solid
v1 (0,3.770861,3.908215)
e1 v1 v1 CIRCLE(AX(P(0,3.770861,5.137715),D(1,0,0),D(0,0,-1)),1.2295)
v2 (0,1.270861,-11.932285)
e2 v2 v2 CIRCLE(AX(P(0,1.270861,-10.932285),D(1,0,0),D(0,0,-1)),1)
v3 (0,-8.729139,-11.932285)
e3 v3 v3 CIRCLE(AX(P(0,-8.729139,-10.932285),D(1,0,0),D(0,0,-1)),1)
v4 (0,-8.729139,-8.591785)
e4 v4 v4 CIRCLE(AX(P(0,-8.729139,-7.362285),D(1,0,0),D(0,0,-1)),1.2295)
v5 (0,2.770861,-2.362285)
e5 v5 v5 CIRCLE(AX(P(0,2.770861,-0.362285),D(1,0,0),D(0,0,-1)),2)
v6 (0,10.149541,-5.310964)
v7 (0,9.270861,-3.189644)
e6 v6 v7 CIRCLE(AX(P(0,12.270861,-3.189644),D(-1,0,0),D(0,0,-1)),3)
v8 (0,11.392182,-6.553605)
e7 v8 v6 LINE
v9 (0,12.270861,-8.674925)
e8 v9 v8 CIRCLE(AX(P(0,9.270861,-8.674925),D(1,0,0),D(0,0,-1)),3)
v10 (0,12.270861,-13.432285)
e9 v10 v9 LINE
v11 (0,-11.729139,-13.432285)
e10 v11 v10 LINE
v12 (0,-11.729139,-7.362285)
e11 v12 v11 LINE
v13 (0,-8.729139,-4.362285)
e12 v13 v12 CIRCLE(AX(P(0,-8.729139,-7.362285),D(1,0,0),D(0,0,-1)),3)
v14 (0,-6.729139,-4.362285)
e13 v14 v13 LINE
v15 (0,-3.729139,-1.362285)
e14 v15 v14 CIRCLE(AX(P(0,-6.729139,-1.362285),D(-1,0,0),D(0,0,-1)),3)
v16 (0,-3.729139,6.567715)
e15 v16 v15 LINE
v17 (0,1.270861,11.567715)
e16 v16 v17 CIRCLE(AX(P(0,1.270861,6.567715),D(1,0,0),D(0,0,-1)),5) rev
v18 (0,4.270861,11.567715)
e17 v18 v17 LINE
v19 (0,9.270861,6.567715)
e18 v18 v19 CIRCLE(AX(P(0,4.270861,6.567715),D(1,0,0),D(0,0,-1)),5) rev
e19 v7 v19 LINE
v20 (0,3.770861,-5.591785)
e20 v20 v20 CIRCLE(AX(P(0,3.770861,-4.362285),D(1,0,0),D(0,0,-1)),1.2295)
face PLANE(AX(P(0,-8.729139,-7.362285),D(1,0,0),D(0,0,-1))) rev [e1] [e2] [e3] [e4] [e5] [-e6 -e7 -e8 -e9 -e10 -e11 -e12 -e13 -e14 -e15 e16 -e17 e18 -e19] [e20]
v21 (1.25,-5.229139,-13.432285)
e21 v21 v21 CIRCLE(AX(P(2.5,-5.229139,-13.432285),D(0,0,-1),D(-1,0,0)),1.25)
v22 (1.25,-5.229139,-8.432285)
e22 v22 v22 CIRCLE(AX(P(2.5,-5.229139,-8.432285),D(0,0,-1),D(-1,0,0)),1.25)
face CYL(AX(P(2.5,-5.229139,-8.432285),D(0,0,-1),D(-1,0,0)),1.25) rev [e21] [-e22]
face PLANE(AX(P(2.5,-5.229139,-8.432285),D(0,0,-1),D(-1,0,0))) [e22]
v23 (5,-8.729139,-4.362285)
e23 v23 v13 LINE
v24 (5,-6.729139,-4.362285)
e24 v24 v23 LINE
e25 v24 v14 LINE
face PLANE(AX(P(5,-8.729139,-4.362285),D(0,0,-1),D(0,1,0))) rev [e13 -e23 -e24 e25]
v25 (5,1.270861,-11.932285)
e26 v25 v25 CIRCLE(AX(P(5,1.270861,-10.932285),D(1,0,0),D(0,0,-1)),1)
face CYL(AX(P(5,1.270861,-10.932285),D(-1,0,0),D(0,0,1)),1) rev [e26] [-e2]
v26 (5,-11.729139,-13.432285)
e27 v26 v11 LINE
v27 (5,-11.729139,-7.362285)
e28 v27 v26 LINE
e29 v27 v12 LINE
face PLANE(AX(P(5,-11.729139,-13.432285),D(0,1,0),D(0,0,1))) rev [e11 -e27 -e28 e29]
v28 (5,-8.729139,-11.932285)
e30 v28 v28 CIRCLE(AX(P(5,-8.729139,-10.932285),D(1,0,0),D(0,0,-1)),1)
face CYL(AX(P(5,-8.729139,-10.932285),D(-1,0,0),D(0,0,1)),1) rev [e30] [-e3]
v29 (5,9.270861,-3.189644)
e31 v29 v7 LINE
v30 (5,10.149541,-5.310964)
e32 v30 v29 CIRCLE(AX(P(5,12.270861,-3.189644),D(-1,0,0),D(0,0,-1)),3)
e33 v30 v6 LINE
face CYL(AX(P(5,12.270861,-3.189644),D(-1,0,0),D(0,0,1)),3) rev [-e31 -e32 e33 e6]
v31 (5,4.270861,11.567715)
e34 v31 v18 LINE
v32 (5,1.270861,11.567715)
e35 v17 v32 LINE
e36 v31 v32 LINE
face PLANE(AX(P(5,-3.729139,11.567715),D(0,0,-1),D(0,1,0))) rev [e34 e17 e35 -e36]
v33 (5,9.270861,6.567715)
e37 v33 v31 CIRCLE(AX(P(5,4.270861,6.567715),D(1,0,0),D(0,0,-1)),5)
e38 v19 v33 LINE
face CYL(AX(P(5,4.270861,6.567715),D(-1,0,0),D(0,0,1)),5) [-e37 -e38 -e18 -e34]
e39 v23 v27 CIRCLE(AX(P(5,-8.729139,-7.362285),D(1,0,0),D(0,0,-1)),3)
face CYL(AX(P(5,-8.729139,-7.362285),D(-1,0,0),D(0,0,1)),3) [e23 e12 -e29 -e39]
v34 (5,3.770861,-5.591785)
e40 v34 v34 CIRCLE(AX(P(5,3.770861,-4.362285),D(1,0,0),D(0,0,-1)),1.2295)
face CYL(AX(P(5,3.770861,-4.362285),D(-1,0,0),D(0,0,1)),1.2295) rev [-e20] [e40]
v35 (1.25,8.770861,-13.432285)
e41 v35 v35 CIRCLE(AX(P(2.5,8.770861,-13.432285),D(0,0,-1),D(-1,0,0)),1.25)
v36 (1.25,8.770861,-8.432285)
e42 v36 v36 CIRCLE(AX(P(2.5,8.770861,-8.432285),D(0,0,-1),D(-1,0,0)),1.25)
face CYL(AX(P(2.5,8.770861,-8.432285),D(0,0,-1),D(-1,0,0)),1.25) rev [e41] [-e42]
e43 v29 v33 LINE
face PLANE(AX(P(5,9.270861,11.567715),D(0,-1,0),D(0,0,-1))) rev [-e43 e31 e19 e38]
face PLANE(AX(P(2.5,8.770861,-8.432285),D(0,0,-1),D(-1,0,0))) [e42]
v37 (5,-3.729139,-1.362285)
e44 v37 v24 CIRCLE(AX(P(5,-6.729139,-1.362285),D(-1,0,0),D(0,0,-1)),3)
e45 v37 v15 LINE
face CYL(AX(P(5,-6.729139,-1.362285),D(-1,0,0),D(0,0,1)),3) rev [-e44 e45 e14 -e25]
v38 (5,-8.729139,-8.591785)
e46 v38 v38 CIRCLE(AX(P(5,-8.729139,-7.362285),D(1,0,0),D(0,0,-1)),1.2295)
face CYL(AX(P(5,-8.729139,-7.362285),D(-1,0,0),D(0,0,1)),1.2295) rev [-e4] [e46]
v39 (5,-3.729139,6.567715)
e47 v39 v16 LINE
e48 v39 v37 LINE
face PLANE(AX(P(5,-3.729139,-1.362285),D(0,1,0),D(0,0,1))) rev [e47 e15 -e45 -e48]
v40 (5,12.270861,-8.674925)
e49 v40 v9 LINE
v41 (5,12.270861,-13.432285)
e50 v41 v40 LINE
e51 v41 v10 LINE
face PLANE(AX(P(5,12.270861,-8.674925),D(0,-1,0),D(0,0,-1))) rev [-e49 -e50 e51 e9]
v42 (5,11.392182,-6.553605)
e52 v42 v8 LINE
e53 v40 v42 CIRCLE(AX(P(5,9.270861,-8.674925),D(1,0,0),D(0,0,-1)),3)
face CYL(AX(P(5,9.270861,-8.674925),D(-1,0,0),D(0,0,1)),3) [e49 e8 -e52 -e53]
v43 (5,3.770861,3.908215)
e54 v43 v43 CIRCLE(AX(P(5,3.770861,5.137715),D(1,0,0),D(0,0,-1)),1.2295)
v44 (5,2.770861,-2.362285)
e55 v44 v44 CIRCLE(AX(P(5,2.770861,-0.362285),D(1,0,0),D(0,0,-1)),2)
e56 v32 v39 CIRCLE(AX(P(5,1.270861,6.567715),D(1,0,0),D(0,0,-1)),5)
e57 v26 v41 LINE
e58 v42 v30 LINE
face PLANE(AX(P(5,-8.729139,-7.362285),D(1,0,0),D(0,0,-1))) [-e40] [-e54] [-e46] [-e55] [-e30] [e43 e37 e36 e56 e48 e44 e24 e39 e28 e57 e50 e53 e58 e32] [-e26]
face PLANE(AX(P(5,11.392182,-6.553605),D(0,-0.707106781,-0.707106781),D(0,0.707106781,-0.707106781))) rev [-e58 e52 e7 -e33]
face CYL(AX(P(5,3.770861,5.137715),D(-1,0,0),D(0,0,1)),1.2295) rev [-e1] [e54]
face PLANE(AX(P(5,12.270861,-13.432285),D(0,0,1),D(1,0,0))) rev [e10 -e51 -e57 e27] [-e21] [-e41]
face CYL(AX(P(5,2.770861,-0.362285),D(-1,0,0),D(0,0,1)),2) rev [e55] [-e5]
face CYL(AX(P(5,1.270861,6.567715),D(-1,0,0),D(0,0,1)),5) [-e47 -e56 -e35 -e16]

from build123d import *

# Parameters (mm, degrees)
SKETCH1_R           = 1.2295
SKETCH1_R_2         = 2
SKETCH1_R_3         = 1
BOSS_EXTRUDE1_DEPTH = 5
SKETCH2_R           = 1.25
CUT_EXTRUDE1_DEPTH  = 5
FILLET1_R           = 5


with BuildPart() as part:
    # Sketch1 → Boss-Extrude1 (new body)
    with BuildSketch(Plane.YZ):
        with BuildLine():
            Line((-11.729138766, -13.432284692), (-11.729138766, -7.362284692))
            ThreePointArc((-11.729138766, -7.362284692), (-10.85045911, -5.240964348), (-8.729138766, -4.362284692))
            Line((-8.729138766, -4.362284692), (-6.729138766, -4.362284692))
            ThreePointArc((-6.729138766, -4.362284692), (-4.607818422, -3.483605035), (-3.729138766, -1.362284692))
            Line((-3.729138766, -1.362284692), (-3.729138766, 11.567715308))
            Line((-3.729138766, 11.567715308), (9.270861234, 11.567715308))
            Line((9.270861234, 11.567715308), (9.270861234, 8.567715308))
            Line((9.270861234, 8.567715308), (9.270861234, -3.189644004))
            ThreePointArc((9.270861234, -3.189644004), (9.499222636, -4.337694301), (10.14954089, -5.310964348))
            Line((10.14954089, -5.310964348), (11.392181578, -6.553605035))
            ThreePointArc((11.392181578, -6.553605035), (12.042499832, -7.526875082), (12.270861234, -8.674925379))
            Line((12.270861234, -8.674925379), (12.270861234, -13.432284692))
            Line((12.270861234, -13.432284692), (-11.729138766, -13.432284692))
        make_face()
        with Locations(Location((3.770861234, 5.137715308, 0), (0, 0, 270))):
            Circle(SKETCH1_R, mode=Mode.SUBTRACT)
        with Locations(Location((2.770861234, -0.362284692, 0), (0, 0, 270))):
            Circle(SKETCH1_R_2, mode=Mode.SUBTRACT)
        with Locations(Location((3.770861234, -4.362284692, 0), (0, 0, 270))):
            Circle(SKETCH1_R, mode=Mode.SUBTRACT)
        with Locations(Location((-8.729138766, -7.362284692, 0), (0, 0, 270))):
            Circle(SKETCH1_R, mode=Mode.SUBTRACT)
        with Locations(Location((-8.729138766, -10.932284692, 0), (0, 0, 270))):
            Circle(SKETCH1_R_3, mode=Mode.SUBTRACT)
        with Locations(Location((1.270861234, -10.932284692, 0), (0, 0, 270))):
            Circle(SKETCH1_R_3, mode=Mode.SUBTRACT)
    extrude(amount=BOSS_EXTRUDE1_DEPTH)

    # Sketch2 → Cut-Extrude1 (cut)
    with BuildSketch(Plane(origin=(0, 0, -13.432284692), x_dir=(1, 0, 0), z_dir=(0, 0, -1))):
        with Locations(Location((2.5, -8.770861234, 0), (0, 0, 180))):
            Circle(SKETCH2_R)
        with Locations(Location((2.5, 5.229138766, 0), (0, 0, 180))):
            Circle(SKETCH2_R)
    extrude(amount=-CUT_EXTRUDE1_DEPTH, mode=Mode.SUBTRACT)

    # Fillet1
    fillet1_edges = [part.edges().sort_by_distance(p)[0] for p in [
        (2.5, -3.729138766, 11.567715308),
        (2.5, 9.270861234, 11.567715308),
    ]]
    fillet(fillet1_edges, radius=FILLET1_R)


solid = part.part
